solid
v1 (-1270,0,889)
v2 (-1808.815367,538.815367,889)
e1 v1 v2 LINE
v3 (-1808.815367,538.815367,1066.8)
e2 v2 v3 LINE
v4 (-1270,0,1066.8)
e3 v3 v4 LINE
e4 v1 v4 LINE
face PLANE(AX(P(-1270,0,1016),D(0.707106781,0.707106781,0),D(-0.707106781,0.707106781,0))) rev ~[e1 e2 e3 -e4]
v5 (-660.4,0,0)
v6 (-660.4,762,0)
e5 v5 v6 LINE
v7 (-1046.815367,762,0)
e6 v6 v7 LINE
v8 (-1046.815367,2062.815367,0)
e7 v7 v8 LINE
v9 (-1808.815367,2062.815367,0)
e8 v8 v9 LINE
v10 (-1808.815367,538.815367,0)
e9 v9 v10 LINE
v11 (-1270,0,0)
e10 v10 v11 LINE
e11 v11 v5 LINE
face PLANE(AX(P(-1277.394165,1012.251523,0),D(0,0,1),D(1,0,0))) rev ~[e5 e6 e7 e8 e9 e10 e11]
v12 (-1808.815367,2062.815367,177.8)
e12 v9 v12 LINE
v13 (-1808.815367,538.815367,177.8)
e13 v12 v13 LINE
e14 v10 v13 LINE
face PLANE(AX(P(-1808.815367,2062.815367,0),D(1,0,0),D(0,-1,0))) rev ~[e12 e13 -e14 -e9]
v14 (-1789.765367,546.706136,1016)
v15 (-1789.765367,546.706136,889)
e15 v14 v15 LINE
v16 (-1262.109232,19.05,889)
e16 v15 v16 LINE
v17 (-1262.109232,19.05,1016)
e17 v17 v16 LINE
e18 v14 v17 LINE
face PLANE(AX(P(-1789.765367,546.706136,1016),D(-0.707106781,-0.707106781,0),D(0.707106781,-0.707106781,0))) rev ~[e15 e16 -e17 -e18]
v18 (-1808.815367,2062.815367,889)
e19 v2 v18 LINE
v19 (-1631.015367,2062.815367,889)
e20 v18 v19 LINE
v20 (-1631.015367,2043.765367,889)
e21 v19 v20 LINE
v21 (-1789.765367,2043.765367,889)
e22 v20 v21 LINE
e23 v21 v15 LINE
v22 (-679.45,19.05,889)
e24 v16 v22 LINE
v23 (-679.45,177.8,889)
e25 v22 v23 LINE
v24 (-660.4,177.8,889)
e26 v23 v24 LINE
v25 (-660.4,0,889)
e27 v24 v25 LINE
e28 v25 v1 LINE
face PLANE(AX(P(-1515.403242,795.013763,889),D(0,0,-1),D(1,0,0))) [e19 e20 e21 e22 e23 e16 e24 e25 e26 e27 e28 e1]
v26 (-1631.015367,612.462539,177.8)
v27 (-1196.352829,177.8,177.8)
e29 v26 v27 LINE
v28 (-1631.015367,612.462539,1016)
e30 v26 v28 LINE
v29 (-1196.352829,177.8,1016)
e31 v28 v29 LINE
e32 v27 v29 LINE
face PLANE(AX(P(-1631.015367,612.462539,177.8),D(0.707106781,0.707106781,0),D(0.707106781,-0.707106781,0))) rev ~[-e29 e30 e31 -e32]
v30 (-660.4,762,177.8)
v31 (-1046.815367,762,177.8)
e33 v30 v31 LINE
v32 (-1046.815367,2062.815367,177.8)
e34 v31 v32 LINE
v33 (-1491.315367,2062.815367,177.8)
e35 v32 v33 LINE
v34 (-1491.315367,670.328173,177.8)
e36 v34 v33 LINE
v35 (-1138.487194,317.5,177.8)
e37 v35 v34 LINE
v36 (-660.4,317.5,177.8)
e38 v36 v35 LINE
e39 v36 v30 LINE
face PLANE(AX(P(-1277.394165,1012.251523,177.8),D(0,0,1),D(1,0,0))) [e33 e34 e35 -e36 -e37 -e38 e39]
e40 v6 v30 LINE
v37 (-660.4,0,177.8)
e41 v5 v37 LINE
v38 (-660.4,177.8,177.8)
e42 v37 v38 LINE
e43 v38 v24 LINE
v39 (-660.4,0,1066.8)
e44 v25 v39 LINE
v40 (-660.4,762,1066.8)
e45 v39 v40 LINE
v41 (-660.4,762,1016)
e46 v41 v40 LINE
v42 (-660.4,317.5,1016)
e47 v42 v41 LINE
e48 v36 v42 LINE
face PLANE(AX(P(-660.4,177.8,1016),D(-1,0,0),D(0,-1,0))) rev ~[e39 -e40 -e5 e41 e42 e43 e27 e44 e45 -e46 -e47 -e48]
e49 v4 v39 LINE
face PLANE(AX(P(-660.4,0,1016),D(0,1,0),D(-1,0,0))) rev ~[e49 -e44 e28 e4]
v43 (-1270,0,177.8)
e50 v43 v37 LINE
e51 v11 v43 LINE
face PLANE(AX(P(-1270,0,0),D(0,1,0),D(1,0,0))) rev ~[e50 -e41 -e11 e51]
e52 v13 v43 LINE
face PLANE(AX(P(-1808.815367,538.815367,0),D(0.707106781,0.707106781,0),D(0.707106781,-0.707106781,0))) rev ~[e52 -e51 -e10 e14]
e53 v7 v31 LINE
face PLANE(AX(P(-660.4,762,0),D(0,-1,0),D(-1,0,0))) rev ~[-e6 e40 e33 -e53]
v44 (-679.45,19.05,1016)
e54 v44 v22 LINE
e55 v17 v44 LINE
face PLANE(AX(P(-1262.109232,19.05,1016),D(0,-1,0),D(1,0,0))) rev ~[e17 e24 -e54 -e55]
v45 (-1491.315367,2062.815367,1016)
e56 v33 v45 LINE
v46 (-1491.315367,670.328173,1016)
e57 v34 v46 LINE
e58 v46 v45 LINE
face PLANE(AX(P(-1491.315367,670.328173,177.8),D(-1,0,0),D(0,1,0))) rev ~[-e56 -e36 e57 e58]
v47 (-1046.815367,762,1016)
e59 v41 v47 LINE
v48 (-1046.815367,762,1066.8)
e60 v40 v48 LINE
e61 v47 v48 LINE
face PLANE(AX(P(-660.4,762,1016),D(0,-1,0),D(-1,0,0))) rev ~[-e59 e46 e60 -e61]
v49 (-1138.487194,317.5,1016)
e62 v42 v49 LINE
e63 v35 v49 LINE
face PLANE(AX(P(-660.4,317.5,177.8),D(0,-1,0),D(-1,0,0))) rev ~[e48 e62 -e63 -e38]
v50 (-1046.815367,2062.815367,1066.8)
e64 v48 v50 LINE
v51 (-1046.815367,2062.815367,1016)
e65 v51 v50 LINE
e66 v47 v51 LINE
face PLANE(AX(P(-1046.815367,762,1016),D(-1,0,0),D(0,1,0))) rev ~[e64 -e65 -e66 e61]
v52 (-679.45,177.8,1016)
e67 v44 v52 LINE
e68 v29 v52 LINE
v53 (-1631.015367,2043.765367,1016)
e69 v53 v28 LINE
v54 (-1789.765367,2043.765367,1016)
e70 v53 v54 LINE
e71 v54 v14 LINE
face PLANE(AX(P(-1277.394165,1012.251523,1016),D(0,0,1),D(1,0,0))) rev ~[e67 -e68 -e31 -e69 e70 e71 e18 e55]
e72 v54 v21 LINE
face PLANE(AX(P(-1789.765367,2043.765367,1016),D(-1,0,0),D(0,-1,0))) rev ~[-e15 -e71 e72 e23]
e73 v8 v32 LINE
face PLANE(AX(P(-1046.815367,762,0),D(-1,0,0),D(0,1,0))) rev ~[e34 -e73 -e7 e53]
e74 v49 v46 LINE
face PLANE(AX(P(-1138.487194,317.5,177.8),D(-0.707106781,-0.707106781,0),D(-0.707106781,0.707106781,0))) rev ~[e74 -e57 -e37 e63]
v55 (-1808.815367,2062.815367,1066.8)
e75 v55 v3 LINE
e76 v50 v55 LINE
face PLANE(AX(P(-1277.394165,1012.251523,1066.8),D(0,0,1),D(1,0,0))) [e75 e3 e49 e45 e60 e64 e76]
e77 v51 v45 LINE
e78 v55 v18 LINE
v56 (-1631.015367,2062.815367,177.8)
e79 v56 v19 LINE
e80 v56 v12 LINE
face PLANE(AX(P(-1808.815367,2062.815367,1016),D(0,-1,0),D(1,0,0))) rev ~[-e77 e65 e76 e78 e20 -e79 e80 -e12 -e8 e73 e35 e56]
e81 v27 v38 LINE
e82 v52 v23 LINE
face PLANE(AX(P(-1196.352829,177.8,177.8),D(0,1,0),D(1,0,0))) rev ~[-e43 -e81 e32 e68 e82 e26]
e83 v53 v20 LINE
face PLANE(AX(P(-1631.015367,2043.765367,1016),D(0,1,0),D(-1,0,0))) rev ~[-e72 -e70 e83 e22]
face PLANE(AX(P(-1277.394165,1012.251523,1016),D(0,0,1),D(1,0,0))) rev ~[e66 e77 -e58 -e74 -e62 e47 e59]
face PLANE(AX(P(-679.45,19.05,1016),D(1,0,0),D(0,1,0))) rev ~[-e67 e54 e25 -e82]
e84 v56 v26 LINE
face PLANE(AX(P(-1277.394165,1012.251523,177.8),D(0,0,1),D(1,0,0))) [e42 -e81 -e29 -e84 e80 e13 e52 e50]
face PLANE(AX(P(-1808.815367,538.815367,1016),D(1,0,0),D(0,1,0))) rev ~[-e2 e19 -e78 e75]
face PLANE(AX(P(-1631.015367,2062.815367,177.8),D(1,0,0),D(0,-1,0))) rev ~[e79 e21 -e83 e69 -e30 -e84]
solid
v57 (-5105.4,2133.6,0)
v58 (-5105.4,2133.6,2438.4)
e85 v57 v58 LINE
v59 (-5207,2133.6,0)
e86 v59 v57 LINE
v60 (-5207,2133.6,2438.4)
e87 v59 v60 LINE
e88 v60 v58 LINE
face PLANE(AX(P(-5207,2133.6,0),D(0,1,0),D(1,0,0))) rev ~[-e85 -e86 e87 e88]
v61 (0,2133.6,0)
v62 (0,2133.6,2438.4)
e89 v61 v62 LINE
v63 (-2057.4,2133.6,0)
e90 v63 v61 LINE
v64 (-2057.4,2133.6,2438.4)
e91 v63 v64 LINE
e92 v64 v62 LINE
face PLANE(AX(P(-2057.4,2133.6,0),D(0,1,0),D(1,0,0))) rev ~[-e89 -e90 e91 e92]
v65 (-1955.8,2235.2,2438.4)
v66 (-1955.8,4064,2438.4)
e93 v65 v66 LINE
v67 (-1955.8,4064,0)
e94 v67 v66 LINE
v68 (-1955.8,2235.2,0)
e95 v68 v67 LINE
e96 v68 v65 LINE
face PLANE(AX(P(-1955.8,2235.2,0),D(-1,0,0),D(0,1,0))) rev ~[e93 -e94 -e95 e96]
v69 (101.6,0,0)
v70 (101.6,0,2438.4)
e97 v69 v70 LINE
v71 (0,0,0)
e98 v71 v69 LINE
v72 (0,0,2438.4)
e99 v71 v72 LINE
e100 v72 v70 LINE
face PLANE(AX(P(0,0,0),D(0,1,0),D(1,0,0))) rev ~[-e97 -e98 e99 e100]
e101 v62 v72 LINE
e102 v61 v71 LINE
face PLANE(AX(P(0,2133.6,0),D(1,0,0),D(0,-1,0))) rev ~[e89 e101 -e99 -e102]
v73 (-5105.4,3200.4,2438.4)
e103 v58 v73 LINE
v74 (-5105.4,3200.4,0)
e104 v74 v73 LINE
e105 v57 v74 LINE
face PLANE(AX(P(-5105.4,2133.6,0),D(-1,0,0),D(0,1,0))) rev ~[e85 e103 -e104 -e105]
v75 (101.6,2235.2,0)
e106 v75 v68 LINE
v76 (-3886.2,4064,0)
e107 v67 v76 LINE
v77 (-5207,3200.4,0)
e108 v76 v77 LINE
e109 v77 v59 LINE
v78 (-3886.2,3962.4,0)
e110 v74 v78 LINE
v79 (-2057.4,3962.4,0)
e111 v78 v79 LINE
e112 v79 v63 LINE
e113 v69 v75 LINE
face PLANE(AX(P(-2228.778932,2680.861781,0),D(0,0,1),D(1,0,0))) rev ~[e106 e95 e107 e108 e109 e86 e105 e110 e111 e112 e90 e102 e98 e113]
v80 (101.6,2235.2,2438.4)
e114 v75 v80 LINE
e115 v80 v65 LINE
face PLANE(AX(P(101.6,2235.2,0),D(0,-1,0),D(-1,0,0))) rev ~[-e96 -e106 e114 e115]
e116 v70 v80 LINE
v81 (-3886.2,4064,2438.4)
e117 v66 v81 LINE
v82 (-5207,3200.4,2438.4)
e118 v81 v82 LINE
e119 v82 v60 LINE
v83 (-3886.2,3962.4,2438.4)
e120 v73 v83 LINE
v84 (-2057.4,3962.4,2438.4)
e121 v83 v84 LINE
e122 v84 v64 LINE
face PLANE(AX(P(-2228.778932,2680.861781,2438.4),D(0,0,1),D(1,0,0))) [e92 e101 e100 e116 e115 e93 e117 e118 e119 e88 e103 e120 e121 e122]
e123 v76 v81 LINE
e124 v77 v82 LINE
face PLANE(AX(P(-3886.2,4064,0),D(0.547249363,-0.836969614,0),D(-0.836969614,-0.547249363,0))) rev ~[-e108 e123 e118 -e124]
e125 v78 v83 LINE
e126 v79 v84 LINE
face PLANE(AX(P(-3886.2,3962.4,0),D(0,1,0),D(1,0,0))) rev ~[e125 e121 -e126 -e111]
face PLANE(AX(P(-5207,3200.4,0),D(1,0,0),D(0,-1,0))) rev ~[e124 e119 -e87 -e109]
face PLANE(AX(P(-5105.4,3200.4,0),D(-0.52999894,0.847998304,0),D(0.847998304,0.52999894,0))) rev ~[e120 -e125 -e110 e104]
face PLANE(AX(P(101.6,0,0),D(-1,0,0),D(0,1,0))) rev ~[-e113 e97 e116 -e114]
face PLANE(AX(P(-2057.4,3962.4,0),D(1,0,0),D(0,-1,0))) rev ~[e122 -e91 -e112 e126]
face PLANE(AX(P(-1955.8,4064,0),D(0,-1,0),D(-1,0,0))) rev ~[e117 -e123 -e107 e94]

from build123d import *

# Parameters (mm, degrees)
F1_DEPTH = 2438.4
F3_DEPTH = 177.8
F5_DEPTH = 838.2
F7_DEPTH = 50.8
F9_DEPTH = 127


with BuildPart() as f1:
    # F0 (on Top) → F1 (new body)
    with BuildSketch(Plane.XY):
        Polygon((0, 2133.6), (0, 0), (101.6, 0), (101.6, 2235.2), (-1955.8, 2235.2), (-1955.8, 4064), (-3886.2, 4064), (-5207, 3200.4), (-5207, 2133.6), (-5105.4, 2133.6), (-5105.4, 3200.4), (-3886.2, 3962.4), (-2057.4, 3962.4), (-2057.4, 2133.6), align=None)
    extrude(amount=F1_DEPTH)


with BuildPart() as f3:
    # F2 (on Top) → F3 (new body)
    with BuildSketch(Plane.XY):
        Polygon((-1046.8153672641, 762), (-1046.8153672641, 2062.8153672641), (-1808.8153672641, 2062.8153672641), (-1808.8153672641, 538.8153672641), (-1270, 0), (-660.4, 0), (-660.4, 762), align=None)
    extrude(amount=F3_DEPTH)

    # F4 (on face) → F5 (join)
    with BuildSketch(Plane.XY.offset(177.8)):
        Polygon((-1491.3153672641, 2062.8153672641), (-1631.0153672641, 2062.8153672641), (-1631.0153672641, 612.4625386541), (-1196.3528286101, 177.8), (-660.4, 177.8), (-660.4, 317.5), (-1138.4871939465, 317.5), (-1491.3153672641, 670.3281733176), align=None)
    extrude(amount=F5_DEPTH)

    # F6 (on face) → F7 (join)
    with BuildSketch(Plane.XY.offset(1016)):
        Polygon((-1046.8153672641, 2062.8153672641), (-1808.8153672641, 2062.8153672641), (-1808.8153672641, 538.8153672641), (-1270, 0), (-660.4, 0), (-660.4, 762), (-1046.8153672641, 762), align=None)
    extrude(amount=F7_DEPTH)

    # F8 (on face) → F9 (join)
    with BuildSketch(Plane(origin=(0, 0, 1016), x_dir=(1, 0, 0), z_dir=(0, 0, -1))):
        Polygon((-1808.8153672641, -538.8153672641), (-1808.8153672641, -2062.8153672641), (-1631.0153672641, -2062.8153672641), (-1631.0153672641, -2043.7653672641), (-1789.7653672641, -2043.7653672641), (-1789.7653672641, -546.7061356274), (-1262.1092316368, -19.05), (-679.45, -19.05), (-679.45, -177.8), (-660.4, -177.8), (-660.4, 0), (-1270, 0), align=None)
    extrude(amount=F9_DEPTH)


solid = Compound([f1.part, f3.part])
